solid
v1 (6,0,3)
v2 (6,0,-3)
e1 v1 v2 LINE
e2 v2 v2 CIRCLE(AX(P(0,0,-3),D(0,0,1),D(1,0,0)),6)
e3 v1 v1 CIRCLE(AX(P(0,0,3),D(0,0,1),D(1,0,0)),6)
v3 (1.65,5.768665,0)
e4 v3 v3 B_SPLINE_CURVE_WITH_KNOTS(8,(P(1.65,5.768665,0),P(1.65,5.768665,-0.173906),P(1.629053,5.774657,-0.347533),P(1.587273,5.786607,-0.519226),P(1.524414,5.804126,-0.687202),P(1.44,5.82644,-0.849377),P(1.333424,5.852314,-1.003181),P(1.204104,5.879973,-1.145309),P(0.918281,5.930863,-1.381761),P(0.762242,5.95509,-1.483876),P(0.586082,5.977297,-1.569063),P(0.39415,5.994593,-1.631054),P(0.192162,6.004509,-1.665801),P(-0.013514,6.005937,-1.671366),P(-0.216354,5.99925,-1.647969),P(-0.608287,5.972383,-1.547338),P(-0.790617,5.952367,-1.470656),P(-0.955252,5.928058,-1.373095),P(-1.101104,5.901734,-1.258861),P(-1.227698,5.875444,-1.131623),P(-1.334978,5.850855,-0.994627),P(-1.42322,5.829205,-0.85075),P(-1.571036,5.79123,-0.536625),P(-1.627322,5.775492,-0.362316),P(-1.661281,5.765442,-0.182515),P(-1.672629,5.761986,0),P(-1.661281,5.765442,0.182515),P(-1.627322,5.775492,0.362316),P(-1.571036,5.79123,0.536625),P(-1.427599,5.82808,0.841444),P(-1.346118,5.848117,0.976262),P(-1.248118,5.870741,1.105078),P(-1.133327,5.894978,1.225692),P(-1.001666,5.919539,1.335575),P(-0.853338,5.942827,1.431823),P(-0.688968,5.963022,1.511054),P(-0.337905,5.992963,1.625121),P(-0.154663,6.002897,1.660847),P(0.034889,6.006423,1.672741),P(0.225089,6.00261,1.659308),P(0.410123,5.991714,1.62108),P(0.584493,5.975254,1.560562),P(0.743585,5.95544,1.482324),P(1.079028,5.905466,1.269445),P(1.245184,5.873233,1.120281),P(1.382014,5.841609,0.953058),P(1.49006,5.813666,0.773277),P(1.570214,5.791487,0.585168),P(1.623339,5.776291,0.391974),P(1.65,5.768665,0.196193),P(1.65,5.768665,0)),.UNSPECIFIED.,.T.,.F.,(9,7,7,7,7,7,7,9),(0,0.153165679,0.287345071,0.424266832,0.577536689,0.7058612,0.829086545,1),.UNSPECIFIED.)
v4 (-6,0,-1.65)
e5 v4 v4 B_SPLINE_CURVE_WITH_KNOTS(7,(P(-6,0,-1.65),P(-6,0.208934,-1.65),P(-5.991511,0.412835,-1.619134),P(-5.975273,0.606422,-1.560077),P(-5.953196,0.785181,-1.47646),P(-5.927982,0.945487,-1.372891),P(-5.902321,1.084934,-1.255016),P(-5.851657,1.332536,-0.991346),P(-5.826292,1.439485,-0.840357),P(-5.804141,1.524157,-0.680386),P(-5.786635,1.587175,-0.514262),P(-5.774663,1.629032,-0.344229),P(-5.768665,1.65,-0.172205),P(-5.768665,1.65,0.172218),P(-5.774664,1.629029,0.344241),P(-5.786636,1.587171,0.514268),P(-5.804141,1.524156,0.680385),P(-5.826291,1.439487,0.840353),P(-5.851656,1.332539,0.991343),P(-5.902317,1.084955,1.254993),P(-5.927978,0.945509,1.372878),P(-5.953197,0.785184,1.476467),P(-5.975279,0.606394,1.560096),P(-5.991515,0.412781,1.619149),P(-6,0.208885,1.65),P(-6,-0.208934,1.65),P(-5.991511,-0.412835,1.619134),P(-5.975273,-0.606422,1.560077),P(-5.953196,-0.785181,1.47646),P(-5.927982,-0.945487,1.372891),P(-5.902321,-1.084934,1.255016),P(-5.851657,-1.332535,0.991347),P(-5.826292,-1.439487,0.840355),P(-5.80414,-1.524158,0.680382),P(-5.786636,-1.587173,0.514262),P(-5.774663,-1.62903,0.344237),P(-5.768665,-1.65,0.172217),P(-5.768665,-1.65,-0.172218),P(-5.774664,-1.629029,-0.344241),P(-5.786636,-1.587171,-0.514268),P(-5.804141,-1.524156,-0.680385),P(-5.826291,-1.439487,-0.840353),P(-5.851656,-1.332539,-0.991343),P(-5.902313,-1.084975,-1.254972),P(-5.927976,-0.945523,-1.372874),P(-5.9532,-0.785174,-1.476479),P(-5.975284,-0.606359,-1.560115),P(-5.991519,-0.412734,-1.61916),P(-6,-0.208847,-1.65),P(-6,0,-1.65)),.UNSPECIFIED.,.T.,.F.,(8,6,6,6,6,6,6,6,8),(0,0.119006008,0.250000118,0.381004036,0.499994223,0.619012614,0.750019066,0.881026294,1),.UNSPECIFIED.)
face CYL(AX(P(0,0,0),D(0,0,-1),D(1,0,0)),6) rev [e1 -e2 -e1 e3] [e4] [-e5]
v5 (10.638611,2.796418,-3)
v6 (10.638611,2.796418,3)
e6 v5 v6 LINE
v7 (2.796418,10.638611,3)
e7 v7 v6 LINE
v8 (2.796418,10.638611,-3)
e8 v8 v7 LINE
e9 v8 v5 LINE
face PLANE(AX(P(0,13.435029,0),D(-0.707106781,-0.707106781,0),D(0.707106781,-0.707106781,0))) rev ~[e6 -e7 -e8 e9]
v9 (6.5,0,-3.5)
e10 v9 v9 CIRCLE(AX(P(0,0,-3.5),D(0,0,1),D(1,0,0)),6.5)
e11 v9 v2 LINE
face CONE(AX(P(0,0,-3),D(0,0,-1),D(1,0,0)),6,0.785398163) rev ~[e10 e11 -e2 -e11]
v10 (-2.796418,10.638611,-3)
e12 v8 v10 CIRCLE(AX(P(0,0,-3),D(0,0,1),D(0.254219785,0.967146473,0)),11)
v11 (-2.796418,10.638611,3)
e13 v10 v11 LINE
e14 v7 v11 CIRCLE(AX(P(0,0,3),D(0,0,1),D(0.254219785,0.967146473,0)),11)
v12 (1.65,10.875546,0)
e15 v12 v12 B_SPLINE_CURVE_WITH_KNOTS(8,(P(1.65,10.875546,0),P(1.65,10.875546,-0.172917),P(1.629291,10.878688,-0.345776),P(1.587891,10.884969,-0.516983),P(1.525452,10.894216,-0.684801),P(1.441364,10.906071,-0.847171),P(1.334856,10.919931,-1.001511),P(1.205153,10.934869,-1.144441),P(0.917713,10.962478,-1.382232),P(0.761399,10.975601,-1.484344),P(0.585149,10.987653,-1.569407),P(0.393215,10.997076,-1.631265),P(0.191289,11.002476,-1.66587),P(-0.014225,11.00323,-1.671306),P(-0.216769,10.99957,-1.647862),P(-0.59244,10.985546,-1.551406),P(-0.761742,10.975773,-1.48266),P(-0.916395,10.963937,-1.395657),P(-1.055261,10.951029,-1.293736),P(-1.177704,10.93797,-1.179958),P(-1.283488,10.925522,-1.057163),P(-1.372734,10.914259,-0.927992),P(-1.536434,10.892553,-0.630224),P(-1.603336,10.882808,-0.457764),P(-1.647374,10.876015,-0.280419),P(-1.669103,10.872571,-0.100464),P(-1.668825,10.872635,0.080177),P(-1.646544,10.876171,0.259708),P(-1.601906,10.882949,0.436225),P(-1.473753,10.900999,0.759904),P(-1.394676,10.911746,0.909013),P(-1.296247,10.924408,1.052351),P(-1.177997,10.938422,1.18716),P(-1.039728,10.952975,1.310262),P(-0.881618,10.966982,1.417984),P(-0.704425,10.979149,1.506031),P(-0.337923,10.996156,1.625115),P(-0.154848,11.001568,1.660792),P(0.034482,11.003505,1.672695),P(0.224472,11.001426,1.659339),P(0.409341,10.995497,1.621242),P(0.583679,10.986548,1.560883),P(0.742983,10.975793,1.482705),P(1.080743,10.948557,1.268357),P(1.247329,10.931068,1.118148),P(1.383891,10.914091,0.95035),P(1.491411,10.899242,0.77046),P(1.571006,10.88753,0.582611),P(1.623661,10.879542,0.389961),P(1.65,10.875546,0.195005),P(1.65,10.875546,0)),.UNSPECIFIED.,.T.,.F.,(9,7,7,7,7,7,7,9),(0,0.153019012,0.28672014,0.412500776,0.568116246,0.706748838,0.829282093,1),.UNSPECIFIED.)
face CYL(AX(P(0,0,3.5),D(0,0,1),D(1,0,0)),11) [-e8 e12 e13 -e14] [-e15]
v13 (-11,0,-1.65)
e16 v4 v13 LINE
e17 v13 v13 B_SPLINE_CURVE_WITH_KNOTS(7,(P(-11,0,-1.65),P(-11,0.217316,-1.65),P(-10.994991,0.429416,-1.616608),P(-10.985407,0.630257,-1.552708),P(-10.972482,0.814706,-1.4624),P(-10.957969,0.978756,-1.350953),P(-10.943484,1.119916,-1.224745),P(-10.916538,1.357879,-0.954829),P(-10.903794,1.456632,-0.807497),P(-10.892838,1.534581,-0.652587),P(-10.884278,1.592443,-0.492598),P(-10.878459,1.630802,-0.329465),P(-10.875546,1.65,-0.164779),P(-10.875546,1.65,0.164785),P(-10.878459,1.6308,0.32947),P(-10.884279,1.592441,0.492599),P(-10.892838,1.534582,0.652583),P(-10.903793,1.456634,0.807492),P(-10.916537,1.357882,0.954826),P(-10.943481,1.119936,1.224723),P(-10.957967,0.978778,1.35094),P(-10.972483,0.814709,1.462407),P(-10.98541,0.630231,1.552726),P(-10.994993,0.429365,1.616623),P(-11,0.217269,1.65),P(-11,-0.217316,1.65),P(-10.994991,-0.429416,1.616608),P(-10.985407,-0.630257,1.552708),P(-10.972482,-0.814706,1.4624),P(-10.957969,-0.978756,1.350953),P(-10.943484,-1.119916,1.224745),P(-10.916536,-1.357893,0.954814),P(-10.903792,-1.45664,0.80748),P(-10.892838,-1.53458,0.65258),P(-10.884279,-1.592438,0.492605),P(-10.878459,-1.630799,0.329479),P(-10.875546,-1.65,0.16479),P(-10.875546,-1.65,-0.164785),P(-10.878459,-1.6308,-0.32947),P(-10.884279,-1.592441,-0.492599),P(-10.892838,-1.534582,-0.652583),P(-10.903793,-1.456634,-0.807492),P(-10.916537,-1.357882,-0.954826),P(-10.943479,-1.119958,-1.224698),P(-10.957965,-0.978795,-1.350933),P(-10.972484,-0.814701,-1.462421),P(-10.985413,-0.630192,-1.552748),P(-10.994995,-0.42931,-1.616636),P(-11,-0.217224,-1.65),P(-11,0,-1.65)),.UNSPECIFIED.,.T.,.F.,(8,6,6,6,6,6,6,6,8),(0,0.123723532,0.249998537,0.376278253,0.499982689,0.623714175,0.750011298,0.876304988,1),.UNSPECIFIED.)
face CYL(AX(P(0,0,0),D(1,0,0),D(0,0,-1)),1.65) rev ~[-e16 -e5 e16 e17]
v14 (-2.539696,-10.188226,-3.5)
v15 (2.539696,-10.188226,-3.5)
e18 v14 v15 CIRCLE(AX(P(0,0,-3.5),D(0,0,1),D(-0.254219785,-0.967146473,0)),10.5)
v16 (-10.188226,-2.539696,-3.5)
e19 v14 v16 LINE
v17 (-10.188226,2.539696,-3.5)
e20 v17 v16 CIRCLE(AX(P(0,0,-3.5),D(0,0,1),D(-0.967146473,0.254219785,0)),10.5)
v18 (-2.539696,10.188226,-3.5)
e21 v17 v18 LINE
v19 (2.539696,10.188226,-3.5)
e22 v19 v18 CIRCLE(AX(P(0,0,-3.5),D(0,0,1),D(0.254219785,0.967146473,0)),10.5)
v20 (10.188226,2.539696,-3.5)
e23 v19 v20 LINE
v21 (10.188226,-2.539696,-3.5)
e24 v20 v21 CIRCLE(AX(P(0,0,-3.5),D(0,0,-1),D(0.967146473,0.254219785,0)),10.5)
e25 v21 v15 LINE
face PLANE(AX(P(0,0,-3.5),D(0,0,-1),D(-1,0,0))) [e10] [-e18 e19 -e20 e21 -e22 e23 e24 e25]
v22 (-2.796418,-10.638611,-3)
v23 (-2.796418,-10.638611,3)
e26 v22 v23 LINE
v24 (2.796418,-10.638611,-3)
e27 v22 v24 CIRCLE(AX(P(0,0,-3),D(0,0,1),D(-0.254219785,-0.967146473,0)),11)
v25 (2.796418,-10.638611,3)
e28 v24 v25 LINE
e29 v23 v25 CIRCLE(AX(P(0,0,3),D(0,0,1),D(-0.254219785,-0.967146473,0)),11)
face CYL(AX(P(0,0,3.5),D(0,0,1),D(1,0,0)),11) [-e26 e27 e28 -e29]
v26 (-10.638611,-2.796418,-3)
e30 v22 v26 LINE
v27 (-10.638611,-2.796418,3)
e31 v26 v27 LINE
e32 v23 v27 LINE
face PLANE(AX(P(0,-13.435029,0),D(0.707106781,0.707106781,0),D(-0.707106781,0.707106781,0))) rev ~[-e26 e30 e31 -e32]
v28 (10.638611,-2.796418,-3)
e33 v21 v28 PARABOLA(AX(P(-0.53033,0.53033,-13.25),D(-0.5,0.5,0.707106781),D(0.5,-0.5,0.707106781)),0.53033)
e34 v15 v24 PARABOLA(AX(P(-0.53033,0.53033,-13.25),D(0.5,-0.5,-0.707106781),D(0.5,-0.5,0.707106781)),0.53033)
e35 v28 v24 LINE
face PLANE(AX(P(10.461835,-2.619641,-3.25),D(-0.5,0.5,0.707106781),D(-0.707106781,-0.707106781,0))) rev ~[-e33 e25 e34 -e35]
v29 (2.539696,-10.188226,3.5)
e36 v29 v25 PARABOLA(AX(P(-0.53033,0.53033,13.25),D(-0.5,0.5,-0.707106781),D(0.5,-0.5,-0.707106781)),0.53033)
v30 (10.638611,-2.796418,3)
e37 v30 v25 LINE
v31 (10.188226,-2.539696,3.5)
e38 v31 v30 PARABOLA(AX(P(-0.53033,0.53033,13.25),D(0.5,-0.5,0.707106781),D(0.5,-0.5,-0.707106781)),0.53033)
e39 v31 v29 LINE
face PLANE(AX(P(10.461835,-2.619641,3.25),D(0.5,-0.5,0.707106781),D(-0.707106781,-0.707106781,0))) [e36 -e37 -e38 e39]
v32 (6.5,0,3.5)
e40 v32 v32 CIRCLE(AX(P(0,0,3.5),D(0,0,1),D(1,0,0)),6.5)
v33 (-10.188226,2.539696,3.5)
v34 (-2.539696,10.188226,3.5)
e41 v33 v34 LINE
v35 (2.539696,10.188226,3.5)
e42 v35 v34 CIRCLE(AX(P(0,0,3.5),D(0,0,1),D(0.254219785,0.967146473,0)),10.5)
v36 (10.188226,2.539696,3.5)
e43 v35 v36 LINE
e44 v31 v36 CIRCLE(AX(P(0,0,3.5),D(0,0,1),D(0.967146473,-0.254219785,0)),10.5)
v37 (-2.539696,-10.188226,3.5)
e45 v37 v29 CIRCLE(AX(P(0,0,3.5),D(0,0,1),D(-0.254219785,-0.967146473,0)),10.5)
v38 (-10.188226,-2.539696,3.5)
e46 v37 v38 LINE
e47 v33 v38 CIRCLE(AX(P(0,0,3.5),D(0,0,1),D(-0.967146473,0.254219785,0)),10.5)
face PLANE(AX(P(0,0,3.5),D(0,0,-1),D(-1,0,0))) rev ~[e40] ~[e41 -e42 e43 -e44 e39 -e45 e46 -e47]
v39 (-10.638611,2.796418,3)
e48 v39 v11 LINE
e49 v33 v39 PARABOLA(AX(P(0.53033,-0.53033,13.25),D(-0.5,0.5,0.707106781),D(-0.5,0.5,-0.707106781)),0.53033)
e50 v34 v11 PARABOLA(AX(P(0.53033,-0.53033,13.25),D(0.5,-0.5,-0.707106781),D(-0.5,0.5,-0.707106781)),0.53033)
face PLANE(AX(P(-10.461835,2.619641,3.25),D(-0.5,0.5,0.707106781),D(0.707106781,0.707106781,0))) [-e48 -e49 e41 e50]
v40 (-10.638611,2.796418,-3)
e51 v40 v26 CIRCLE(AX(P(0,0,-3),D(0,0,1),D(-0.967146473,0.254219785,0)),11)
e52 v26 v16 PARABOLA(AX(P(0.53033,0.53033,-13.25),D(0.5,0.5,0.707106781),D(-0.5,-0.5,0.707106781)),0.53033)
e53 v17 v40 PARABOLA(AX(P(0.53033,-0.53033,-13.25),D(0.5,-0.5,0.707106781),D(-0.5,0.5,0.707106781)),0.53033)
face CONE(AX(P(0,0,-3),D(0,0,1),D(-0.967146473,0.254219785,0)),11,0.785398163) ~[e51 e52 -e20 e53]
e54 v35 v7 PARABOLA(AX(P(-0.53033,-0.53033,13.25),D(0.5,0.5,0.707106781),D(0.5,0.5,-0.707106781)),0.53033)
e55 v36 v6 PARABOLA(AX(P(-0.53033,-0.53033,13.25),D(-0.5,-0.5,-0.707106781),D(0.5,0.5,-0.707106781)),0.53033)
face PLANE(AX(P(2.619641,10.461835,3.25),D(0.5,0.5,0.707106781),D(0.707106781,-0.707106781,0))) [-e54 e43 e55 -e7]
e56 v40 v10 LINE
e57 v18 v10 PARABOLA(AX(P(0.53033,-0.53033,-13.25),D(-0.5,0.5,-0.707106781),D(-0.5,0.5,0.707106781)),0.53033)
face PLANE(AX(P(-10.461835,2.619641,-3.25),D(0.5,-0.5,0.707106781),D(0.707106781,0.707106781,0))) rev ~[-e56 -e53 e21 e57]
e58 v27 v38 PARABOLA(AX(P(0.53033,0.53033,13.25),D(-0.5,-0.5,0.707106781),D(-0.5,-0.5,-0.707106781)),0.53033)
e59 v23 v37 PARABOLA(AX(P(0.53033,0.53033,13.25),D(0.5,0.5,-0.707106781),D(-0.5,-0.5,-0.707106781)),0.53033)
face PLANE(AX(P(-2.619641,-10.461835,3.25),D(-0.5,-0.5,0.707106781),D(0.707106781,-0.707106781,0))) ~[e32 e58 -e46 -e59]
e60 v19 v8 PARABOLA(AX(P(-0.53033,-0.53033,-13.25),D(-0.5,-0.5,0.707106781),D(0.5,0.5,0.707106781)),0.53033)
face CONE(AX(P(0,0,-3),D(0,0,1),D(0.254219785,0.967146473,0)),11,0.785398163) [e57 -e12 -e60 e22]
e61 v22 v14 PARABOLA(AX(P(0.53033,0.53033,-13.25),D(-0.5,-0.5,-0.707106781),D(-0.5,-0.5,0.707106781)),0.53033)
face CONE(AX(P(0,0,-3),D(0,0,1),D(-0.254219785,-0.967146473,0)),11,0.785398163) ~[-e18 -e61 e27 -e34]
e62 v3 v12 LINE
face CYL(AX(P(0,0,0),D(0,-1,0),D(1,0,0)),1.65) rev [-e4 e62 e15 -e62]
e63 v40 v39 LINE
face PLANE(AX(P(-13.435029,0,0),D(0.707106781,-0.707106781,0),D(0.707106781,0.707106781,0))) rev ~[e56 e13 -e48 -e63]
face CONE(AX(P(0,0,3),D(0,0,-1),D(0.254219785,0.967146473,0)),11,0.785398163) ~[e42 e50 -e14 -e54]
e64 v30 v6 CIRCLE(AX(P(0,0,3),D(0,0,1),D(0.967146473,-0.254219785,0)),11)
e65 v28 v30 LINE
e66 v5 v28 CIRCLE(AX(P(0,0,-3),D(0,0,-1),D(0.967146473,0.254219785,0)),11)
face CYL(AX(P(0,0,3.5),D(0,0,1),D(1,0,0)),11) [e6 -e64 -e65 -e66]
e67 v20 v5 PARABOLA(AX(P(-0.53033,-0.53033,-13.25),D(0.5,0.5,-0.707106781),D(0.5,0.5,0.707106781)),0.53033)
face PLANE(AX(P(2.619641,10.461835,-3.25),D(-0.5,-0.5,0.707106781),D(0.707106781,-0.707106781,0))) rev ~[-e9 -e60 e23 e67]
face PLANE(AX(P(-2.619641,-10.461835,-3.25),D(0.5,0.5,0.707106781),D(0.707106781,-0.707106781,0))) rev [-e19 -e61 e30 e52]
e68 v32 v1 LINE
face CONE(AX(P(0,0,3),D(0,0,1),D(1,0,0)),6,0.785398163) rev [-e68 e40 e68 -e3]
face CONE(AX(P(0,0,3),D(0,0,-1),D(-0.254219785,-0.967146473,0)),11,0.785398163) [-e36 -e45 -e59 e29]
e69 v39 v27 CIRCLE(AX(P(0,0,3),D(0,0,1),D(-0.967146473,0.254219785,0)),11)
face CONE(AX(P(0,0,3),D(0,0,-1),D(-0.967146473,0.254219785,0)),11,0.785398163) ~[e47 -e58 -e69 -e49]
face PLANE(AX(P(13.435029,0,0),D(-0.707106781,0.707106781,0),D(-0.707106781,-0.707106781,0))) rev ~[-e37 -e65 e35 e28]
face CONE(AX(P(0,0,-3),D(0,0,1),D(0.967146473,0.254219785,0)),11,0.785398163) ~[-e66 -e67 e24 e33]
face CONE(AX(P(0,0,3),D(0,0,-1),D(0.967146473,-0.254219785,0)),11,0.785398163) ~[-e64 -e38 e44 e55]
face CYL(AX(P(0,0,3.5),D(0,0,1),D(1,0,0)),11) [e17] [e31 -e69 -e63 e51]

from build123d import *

# Parameters (mm, degrees)
SKETCH1_R           = 6
BOSS_EXTRUDE1_DEPTH = 3.5
SKETCH2_OUTSIDE_W   = 36.598
SKETCH2_OUTSIDE_H   = 36.598
SKETCH2_OUTSIDE_R   = 11
CUT_EXTRUDE1_DEPTH  = 8
SKETCH4_R           = 1.65
CUT_EXTRUDE2_DEPTH  = 12
SKETCH5_R           = 1.65
CUT_EXTRUDE3_DEPTH  = 12
CHAMFER1_SIZE       = 0.5


with BuildPart() as part:
    # Sketch1 → Boss-Extrude1 (new body, symmetric)
    with BuildSketch(Plane.XY):
        Polygon((0, -13.435028843), (-13.435028843, 0), (0, 13.435028843), (13.435028843, 0), align=None)
        Circle(SKETCH1_R, mode=Mode.SUBTRACT)
    extrude(amount=BOSS_EXTRUDE1_DEPTH, both=True)

    # Sketch2 outside → Cut-Extrude1 (cut, through all)
    with BuildSketch(Plane.XY.offset(3.5)):
        Rectangle(SKETCH2_OUTSIDE_W, SKETCH2_OUTSIDE_H)
        Circle(SKETCH2_OUTSIDE_R, mode=Mode.SUBTRACT)
    extrude(amount=-CUT_EXTRUDE1_DEPTH, mode=Mode.SUBTRACT)

    # Sketch4 → Cut-Extrude2 (cut, through all)
    with BuildSketch(Plane(origin=(0, 0, 0), x_dir=(1, 0, 0), z_dir=(0, 1, 0))):
        Circle(SKETCH4_R)
    extrude(amount=CUT_EXTRUDE2_DEPTH, mode=Mode.SUBTRACT)

    # Sketch5 → Cut-Extrude3 (cut, through all)
    with BuildSketch(Plane(origin=(0, 0, 0), x_dir=(0, 0, -1), z_dir=(1, 0, 0))):
        Circle(SKETCH5_R)
    extrude(amount=-CUT_EXTRUDE3_DEPTH, mode=Mode.SUBTRACT)

    # Chamfer1
    chamfer1_edges = [part.edges().sort_by_distance(p)[0] for p in [
        (-6, 0, -3.5),
        (-6, 0, 3.5),
        (6.717514421, 6.717514421, -3.5),
        (6.717514421, 6.717514421, 3.5),
        (6.717514421, -6.717514421, -3.5),
        (6.717514421, -6.717514421, 3.5),
        (-6.717514421, -6.717514421, -3.5),
        (-6.717514421, -6.717514421, 3.5),
        (-6.717514421, 6.717514421, -3.5),
        (-6.717514421, 6.717514421, 3.5),
        (-11, 0, -3.5),
        (0, -11, -3.5),
        (11, 0, -3.5),
        (0, 11, -3.5),
        (0, 11, 3.5),
        (-11, 0, 3.5),
        (0, -11, 3.5),
        (11, 0, 3.5),
    ]]
    chamfer(chamfer1_edges, length=CHAMFER1_SIZE)


solid = part.part
